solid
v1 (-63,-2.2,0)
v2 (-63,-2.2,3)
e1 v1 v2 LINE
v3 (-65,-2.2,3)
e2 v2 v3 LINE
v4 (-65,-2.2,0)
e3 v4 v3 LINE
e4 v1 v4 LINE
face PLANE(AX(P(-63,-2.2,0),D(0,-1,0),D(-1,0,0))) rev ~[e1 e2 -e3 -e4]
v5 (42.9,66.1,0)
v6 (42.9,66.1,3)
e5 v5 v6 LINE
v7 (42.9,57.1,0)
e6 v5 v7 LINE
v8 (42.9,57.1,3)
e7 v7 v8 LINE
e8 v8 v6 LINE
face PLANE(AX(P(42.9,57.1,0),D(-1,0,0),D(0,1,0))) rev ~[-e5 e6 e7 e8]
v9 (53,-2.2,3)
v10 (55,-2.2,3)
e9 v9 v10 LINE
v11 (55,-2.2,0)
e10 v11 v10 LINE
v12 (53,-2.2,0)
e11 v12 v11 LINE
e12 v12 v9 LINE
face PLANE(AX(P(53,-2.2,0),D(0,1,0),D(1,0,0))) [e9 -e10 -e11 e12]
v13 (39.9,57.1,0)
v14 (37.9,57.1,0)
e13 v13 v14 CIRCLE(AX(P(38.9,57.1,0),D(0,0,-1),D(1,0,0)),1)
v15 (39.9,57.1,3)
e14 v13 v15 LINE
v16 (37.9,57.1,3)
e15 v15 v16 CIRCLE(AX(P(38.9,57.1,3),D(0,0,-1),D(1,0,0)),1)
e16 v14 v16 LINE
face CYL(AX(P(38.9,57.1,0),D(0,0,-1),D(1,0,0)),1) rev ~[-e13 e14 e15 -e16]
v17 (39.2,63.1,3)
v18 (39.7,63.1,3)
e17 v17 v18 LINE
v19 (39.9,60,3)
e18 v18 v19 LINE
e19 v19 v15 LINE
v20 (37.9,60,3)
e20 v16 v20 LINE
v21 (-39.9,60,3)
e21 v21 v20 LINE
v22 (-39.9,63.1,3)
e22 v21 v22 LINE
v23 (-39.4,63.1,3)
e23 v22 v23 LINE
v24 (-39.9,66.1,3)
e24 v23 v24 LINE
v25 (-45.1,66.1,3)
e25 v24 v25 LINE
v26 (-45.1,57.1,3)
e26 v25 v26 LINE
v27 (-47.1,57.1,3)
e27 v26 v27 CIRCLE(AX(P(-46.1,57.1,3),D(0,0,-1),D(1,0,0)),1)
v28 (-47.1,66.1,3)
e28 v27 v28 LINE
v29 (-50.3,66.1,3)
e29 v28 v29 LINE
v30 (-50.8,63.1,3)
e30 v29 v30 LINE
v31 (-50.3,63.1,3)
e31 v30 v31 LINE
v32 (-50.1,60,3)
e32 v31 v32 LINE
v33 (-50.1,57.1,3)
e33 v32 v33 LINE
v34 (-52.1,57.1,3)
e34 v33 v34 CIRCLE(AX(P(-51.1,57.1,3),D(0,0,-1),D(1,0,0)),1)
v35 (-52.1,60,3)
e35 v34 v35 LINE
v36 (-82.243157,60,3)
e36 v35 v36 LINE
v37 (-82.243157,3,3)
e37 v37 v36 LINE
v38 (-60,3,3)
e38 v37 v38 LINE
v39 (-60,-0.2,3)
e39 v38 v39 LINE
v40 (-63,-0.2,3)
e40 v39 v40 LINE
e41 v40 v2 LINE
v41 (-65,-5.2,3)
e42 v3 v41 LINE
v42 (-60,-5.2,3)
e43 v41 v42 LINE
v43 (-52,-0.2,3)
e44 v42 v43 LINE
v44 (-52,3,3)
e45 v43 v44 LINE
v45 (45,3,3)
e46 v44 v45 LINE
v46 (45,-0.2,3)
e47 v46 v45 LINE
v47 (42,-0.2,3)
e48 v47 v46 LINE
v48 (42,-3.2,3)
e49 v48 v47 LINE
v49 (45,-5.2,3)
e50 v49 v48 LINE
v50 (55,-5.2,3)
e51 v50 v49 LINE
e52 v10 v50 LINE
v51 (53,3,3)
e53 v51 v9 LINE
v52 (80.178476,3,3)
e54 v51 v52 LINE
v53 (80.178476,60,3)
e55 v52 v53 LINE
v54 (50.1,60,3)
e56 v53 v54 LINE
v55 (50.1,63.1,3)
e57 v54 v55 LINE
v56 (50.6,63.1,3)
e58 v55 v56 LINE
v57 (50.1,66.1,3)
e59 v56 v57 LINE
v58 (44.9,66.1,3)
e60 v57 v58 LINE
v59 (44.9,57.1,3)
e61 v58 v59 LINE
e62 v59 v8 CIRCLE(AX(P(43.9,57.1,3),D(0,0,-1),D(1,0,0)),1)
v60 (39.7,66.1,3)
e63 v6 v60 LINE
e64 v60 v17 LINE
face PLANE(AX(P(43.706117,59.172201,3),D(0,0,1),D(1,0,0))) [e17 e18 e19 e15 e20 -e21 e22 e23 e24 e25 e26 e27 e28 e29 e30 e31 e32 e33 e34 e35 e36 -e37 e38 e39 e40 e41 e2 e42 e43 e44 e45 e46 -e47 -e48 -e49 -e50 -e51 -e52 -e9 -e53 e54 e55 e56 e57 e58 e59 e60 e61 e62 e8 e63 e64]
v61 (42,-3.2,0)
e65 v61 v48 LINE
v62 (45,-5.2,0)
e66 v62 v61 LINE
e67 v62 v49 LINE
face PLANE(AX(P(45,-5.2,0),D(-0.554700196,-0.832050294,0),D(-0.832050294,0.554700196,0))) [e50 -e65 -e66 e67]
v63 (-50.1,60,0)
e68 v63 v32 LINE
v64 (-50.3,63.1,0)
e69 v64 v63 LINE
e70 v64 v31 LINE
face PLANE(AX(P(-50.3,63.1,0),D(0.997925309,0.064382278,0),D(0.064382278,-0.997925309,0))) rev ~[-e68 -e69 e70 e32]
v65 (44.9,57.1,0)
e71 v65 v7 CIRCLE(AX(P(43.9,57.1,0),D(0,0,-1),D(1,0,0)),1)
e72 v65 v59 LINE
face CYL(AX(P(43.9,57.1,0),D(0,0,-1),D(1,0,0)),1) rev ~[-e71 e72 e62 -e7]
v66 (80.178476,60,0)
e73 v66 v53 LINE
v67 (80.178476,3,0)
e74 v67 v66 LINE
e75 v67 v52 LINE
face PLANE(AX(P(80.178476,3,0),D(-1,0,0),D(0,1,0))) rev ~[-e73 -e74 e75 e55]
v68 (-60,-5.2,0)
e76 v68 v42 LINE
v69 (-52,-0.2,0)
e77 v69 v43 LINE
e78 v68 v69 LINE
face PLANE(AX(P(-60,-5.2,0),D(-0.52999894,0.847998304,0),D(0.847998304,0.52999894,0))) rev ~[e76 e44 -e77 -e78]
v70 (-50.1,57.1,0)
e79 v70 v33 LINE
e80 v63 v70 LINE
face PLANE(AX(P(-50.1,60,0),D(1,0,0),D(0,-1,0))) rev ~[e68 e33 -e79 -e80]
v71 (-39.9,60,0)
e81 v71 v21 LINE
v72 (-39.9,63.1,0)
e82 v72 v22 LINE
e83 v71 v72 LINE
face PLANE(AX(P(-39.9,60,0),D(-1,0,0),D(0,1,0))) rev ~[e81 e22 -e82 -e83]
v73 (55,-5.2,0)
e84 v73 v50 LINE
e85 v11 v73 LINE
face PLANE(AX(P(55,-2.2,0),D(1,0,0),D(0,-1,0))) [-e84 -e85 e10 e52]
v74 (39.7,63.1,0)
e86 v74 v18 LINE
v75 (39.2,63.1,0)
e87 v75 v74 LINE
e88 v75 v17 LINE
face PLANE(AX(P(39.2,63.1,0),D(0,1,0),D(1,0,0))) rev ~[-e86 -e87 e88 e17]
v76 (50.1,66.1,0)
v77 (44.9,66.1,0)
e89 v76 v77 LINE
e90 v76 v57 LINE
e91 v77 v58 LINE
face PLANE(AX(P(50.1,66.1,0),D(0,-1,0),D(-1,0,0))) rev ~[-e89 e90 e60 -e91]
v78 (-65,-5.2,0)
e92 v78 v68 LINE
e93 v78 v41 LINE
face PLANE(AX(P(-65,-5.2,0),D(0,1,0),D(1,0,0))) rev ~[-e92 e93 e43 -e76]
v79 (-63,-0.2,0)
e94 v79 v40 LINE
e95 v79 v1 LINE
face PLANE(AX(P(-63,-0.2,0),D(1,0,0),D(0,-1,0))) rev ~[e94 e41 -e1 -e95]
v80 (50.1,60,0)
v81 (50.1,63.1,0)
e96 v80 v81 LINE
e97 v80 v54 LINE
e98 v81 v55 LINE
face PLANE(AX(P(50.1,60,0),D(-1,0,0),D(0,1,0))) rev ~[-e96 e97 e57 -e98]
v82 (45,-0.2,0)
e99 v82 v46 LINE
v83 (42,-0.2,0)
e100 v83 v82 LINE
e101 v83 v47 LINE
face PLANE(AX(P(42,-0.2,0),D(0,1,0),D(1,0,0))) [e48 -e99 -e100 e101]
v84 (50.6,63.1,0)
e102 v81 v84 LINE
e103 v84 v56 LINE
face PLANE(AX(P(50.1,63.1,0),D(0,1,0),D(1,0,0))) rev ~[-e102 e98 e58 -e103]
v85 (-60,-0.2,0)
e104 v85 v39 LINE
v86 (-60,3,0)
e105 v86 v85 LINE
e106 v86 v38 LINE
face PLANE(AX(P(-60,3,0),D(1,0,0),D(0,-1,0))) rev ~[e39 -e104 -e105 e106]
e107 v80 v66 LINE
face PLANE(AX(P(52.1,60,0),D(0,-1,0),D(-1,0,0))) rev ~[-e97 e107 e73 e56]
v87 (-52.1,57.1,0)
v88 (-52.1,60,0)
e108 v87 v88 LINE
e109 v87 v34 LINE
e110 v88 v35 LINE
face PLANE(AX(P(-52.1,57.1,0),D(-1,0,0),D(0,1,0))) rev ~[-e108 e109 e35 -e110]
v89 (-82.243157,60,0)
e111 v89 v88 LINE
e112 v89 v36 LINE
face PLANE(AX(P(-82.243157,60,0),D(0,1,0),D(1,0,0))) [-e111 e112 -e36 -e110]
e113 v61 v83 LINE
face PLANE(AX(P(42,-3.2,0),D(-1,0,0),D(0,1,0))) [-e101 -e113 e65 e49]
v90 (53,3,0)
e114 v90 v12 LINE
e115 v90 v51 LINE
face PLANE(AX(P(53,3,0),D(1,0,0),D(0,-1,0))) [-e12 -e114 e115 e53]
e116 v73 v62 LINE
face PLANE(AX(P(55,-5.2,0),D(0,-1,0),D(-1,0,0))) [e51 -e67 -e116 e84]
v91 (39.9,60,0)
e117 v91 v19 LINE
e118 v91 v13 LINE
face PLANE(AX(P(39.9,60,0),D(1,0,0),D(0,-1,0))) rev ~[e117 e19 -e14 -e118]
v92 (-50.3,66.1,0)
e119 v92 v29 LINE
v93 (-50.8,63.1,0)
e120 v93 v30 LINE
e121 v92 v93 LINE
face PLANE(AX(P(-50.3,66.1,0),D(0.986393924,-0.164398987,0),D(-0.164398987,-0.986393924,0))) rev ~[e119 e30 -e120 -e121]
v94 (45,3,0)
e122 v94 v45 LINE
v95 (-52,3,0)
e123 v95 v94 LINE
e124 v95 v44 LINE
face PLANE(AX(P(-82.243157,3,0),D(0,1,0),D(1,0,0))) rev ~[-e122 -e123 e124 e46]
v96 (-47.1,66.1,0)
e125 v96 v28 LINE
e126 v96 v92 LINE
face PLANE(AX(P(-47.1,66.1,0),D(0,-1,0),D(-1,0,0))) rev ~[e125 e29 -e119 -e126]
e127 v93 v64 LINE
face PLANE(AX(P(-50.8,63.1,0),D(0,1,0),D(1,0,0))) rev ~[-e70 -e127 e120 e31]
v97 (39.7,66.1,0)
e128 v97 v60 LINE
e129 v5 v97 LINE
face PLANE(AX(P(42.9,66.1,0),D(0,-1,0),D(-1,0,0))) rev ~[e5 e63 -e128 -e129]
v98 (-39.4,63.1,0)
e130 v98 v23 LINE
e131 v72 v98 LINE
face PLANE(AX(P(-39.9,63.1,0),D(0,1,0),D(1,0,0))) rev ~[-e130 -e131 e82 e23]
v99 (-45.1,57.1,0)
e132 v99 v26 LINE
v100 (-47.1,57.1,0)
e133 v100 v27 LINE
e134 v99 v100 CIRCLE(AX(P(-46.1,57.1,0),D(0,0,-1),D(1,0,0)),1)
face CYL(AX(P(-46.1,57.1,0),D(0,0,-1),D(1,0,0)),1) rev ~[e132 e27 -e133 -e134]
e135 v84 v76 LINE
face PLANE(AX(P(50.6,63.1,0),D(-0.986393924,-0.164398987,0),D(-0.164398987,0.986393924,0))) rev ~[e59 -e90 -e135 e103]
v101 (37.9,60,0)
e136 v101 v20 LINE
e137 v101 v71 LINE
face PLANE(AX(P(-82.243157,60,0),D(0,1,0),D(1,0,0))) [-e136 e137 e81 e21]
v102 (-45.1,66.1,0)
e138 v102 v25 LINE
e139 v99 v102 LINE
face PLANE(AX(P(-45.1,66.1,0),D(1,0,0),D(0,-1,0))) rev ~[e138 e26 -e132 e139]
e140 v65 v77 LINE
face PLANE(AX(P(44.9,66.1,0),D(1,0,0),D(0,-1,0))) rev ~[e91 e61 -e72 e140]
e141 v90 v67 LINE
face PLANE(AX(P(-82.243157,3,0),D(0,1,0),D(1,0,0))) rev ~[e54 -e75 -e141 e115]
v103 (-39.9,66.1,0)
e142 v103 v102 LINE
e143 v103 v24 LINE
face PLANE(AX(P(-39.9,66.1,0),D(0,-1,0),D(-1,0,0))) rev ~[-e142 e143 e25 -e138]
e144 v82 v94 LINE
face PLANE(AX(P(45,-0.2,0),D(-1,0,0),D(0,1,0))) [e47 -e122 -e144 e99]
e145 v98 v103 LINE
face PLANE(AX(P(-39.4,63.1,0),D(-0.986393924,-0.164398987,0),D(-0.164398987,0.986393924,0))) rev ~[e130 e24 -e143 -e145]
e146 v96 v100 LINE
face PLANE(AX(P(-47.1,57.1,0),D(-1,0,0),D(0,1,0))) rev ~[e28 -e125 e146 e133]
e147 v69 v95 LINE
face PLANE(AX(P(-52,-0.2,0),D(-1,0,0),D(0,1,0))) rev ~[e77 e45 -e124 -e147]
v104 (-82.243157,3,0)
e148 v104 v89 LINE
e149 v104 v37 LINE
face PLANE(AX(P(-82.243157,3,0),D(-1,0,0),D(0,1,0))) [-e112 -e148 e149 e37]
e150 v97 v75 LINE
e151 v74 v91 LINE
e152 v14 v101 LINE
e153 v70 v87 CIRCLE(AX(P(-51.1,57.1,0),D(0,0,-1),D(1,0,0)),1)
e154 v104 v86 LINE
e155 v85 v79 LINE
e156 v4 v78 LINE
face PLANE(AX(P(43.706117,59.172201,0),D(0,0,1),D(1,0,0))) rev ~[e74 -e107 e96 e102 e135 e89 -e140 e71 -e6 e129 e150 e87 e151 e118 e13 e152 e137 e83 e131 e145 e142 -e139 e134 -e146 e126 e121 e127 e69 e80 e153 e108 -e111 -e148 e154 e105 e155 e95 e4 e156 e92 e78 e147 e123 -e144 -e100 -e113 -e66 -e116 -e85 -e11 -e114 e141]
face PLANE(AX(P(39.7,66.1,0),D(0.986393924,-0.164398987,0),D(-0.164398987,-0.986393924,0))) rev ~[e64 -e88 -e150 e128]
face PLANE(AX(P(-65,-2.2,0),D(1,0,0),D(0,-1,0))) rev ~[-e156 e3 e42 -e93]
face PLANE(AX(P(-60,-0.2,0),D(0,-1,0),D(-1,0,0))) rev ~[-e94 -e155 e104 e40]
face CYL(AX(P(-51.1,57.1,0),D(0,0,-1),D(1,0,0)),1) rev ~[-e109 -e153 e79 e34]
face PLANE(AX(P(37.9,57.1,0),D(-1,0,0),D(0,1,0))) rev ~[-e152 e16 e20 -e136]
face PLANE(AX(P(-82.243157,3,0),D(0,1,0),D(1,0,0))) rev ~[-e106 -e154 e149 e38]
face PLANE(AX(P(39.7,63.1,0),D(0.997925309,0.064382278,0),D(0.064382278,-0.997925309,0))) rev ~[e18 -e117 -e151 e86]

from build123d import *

# Parameters (mm, degrees)
SKETCH1_W            = 162.421633227
SKETCH1_H            = 57
BOSS_EXTRUDE1_DEPTH  = 3
BOTTOM_HOOKS_DEPTH   = 3
TOP_TABS_DEPTH       = 3
TOP_TAB_RELIEF_REACH = 107.556


with BuildPart() as part:
    # Sketch1 → Boss-Extrude1 (new body)
    with BuildSketch(Plane.XY):
        with Locations((-1.032340883, 31.5)):
            Rectangle(SKETCH1_W, SKETCH1_H)
    extrude(amount=BOSS_EXTRUDE1_DEPTH)

    # Sketch2 → bottom hooks (add)
    with BuildSketch(Plane(origin=(0, 0, 0), x_dir=(-1, 0, 0), z_dir=(0, 0, -1))):
        Polygon((52, 3), (60, 3), (60, -0.2), (63, -0.2), (63, -2.2), (65, -2.2), (65, -5.2), (60, -5.2), (52, -0.2), align=None)
        Polygon((-53, -2.2), (-55, -2.2), (-55, -5.2), (-45, -5.2), (-42, -3.2), (-42, -0.2), (-45, -0.2), (-45, 3), (-53, 3), align=None)
    extrude(amount=-BOTTOM_HOOKS_DEPTH)

    # Sketch3 → top tabs (add)
    with BuildSketch(Plane(origin=(0, 0, 0), x_dir=(-1, 0, 0), z_dir=(0, 0, -1))):
        with BuildLine():
            Line((-39.7, 63.1), (-39.9, 60))
            Line((-39.9, 60), (-39.9, 57.1))
            ThreePointArc((-39.9, 57.1), (-38.9, 56.1), (-37.9, 57.1))
            Line((-37.9, 57.1), (-37.9, 60))
            Line((-37.9, 60), (-35.9, 60))
            Line((-35.9, 60), (-35.9, 53))
            Line((-35.9, 53), (-52.1, 53))
            Line((-52.1, 53), (-52.1, 60))
            Line((-52.1, 60), (-50.1, 60))
            Line((-50.1, 60), (-50.1, 63.1))
            Line((-50.1, 63.1), (-50.6, 63.1))
            Line((-50.6, 63.1), (-50.1, 66.1))
            Line((-50.1, 66.1), (-44.9, 66.1))
            Line((-44.9, 66.1), (-44.9, 57.1))
            ThreePointArc((-44.9, 57.1), (-43.9, 56.1), (-42.9, 57.1))
            Line((-42.9, 57.1), (-42.9, 66.1))
            Line((-42.9, 66.1), (-39.7, 66.1))
            Line((-39.7, 66.1), (-39.2, 63.1))
            Line((-39.2, 63.1), (-39.7, 63.1))
        make_face()
        with BuildLine():
            Line((50.3, 63.1), (50.1, 60))
            Line((50.1, 60), (50.1, 57.1))
            ThreePointArc((50.1, 57.1), (51.1, 56.1), (52.1, 57.1))
            Line((52.1, 57.1), (52.1, 60))
            Line((52.1, 60), (54.1, 60))
            Line((54.1, 60), (54.1, 53))
            Line((54.1, 53), (37.9, 53))
            Line((37.9, 53), (37.9, 60))
            Line((37.9, 60), (39.9, 60))
            Line((39.9, 60), (39.9, 63.1))
            Line((39.9, 63.1), (39.4, 63.1))
            Line((39.4, 63.1), (39.9, 66.1))
            Line((39.9, 66.1), (45.1, 66.1))
            Line((45.1, 66.1), (45.1, 57.1))
            ThreePointArc((45.1, 57.1), (46.1, 56.1), (47.1, 57.1))
            Line((47.1, 57.1), (47.1, 66.1))
            Line((47.1, 66.1), (50.3, 66.1))
            Line((50.3, 66.1), (50.8, 63.1))
            Line((50.8, 63.1), (50.3, 63.1))
        make_face()
    extrude(amount=-TOP_TABS_DEPTH)

    # Sketch4 → top tab relief (cut, up to next)
    with BuildSketch(Plane(origin=(0, 0, 0), x_dir=(-1, 0, 0), z_dir=(0, 0, -1)), mode=Mode.PRIVATE) as top_tab_relief_sk1:
        with BuildLine():
            Line((47.1, 57.1), (47.1, 66.1))
            Line((47.1, 66.1), (45.1, 66.1))
            Line((45.1, 66.1), (45.1, 57.1))
            ThreePointArc((45.1, 57.1), (46.1, 56.1), (47.1, 57.1))
        make_face()
    top_tab_relief_tool1 = extrude(top_tab_relief_sk1.sketch, amount=-TOP_TAB_RELIEF_REACH, mode=Mode.PRIVATE) & part.part
    # Sketch4 → top tab relief (cut, up to next)
    with BuildSketch(Plane(origin=(0, 0, 0), x_dir=(-1, 0, 0), z_dir=(0, 0, -1)), mode=Mode.PRIVATE) as top_tab_relief_sk2:
        with BuildLine():
            Line((50.1, 60), (50.1, 57.1))
            ThreePointArc((50.1, 57.1), (51.1, 56.1), (52.1, 57.1))
            Line((52.1, 57.1), (52.1, 60))
            Line((52.1, 60), (50.1, 60))
        make_face()
    top_tab_relief_tool2 = extrude(top_tab_relief_sk2.sketch, amount=-TOP_TAB_RELIEF_REACH, mode=Mode.PRIVATE) & part.part
    # Sketch4 → top tab relief (cut, up to next)
    with BuildSketch(Plane(origin=(0, 0, 0), x_dir=(-1, 0, 0), z_dir=(0, 0, -1)), mode=Mode.PRIVATE) as top_tab_relief_sk3:
        with BuildLine():
            Line((-44.9, 66.1), (-44.9, 57.1))
            ThreePointArc((-44.9, 57.1), (-43.9, 56.1), (-42.9, 57.1))
            Line((-42.9, 57.1), (-42.9, 66.1))
            Line((-42.9, 66.1), (-44.9, 66.1))
        make_face()
    top_tab_relief_tool3 = extrude(top_tab_relief_sk3.sketch, amount=-TOP_TAB_RELIEF_REACH, mode=Mode.PRIVATE) & part.part
    # Sketch4 → top tab relief (cut, up to next)
    with BuildSketch(Plane(origin=(0, 0, 0), x_dir=(-1, 0, 0), z_dir=(0, 0, -1)), mode=Mode.PRIVATE) as top_tab_relief_sk4:
        with BuildLine():
            Line((-39.9, 60), (-39.9, 57.1))
            ThreePointArc((-39.9, 57.1), (-38.9, 56.1), (-37.9, 57.1))
            Line((-37.9, 57.1), (-37.9, 60))
            Line((-37.9, 60), (-39.9, 60))
        make_face()
    top_tab_relief_tool4 = extrude(top_tab_relief_sk4.sketch, amount=-TOP_TAB_RELIEF_REACH, mode=Mode.PRIVATE) & part.part
    add(top_tab_relief_tool1.solids().sort_by_distance((-46.1, 61.204755, 0))[0], mode=Mode.SUBTRACT)
    add(top_tab_relief_tool2.solids().sort_by_distance((-51.1, 58.150542, 0))[0], mode=Mode.SUBTRACT)
    add(top_tab_relief_tool3.solids().sort_by_distance((43.9, 61.204755, 0))[0], mode=Mode.SUBTRACT)
    add(top_tab_relief_tool4.solids().sort_by_distance((38.9, 58.150542, 0))[0], mode=Mode.SUBTRACT)


solid = part.part
